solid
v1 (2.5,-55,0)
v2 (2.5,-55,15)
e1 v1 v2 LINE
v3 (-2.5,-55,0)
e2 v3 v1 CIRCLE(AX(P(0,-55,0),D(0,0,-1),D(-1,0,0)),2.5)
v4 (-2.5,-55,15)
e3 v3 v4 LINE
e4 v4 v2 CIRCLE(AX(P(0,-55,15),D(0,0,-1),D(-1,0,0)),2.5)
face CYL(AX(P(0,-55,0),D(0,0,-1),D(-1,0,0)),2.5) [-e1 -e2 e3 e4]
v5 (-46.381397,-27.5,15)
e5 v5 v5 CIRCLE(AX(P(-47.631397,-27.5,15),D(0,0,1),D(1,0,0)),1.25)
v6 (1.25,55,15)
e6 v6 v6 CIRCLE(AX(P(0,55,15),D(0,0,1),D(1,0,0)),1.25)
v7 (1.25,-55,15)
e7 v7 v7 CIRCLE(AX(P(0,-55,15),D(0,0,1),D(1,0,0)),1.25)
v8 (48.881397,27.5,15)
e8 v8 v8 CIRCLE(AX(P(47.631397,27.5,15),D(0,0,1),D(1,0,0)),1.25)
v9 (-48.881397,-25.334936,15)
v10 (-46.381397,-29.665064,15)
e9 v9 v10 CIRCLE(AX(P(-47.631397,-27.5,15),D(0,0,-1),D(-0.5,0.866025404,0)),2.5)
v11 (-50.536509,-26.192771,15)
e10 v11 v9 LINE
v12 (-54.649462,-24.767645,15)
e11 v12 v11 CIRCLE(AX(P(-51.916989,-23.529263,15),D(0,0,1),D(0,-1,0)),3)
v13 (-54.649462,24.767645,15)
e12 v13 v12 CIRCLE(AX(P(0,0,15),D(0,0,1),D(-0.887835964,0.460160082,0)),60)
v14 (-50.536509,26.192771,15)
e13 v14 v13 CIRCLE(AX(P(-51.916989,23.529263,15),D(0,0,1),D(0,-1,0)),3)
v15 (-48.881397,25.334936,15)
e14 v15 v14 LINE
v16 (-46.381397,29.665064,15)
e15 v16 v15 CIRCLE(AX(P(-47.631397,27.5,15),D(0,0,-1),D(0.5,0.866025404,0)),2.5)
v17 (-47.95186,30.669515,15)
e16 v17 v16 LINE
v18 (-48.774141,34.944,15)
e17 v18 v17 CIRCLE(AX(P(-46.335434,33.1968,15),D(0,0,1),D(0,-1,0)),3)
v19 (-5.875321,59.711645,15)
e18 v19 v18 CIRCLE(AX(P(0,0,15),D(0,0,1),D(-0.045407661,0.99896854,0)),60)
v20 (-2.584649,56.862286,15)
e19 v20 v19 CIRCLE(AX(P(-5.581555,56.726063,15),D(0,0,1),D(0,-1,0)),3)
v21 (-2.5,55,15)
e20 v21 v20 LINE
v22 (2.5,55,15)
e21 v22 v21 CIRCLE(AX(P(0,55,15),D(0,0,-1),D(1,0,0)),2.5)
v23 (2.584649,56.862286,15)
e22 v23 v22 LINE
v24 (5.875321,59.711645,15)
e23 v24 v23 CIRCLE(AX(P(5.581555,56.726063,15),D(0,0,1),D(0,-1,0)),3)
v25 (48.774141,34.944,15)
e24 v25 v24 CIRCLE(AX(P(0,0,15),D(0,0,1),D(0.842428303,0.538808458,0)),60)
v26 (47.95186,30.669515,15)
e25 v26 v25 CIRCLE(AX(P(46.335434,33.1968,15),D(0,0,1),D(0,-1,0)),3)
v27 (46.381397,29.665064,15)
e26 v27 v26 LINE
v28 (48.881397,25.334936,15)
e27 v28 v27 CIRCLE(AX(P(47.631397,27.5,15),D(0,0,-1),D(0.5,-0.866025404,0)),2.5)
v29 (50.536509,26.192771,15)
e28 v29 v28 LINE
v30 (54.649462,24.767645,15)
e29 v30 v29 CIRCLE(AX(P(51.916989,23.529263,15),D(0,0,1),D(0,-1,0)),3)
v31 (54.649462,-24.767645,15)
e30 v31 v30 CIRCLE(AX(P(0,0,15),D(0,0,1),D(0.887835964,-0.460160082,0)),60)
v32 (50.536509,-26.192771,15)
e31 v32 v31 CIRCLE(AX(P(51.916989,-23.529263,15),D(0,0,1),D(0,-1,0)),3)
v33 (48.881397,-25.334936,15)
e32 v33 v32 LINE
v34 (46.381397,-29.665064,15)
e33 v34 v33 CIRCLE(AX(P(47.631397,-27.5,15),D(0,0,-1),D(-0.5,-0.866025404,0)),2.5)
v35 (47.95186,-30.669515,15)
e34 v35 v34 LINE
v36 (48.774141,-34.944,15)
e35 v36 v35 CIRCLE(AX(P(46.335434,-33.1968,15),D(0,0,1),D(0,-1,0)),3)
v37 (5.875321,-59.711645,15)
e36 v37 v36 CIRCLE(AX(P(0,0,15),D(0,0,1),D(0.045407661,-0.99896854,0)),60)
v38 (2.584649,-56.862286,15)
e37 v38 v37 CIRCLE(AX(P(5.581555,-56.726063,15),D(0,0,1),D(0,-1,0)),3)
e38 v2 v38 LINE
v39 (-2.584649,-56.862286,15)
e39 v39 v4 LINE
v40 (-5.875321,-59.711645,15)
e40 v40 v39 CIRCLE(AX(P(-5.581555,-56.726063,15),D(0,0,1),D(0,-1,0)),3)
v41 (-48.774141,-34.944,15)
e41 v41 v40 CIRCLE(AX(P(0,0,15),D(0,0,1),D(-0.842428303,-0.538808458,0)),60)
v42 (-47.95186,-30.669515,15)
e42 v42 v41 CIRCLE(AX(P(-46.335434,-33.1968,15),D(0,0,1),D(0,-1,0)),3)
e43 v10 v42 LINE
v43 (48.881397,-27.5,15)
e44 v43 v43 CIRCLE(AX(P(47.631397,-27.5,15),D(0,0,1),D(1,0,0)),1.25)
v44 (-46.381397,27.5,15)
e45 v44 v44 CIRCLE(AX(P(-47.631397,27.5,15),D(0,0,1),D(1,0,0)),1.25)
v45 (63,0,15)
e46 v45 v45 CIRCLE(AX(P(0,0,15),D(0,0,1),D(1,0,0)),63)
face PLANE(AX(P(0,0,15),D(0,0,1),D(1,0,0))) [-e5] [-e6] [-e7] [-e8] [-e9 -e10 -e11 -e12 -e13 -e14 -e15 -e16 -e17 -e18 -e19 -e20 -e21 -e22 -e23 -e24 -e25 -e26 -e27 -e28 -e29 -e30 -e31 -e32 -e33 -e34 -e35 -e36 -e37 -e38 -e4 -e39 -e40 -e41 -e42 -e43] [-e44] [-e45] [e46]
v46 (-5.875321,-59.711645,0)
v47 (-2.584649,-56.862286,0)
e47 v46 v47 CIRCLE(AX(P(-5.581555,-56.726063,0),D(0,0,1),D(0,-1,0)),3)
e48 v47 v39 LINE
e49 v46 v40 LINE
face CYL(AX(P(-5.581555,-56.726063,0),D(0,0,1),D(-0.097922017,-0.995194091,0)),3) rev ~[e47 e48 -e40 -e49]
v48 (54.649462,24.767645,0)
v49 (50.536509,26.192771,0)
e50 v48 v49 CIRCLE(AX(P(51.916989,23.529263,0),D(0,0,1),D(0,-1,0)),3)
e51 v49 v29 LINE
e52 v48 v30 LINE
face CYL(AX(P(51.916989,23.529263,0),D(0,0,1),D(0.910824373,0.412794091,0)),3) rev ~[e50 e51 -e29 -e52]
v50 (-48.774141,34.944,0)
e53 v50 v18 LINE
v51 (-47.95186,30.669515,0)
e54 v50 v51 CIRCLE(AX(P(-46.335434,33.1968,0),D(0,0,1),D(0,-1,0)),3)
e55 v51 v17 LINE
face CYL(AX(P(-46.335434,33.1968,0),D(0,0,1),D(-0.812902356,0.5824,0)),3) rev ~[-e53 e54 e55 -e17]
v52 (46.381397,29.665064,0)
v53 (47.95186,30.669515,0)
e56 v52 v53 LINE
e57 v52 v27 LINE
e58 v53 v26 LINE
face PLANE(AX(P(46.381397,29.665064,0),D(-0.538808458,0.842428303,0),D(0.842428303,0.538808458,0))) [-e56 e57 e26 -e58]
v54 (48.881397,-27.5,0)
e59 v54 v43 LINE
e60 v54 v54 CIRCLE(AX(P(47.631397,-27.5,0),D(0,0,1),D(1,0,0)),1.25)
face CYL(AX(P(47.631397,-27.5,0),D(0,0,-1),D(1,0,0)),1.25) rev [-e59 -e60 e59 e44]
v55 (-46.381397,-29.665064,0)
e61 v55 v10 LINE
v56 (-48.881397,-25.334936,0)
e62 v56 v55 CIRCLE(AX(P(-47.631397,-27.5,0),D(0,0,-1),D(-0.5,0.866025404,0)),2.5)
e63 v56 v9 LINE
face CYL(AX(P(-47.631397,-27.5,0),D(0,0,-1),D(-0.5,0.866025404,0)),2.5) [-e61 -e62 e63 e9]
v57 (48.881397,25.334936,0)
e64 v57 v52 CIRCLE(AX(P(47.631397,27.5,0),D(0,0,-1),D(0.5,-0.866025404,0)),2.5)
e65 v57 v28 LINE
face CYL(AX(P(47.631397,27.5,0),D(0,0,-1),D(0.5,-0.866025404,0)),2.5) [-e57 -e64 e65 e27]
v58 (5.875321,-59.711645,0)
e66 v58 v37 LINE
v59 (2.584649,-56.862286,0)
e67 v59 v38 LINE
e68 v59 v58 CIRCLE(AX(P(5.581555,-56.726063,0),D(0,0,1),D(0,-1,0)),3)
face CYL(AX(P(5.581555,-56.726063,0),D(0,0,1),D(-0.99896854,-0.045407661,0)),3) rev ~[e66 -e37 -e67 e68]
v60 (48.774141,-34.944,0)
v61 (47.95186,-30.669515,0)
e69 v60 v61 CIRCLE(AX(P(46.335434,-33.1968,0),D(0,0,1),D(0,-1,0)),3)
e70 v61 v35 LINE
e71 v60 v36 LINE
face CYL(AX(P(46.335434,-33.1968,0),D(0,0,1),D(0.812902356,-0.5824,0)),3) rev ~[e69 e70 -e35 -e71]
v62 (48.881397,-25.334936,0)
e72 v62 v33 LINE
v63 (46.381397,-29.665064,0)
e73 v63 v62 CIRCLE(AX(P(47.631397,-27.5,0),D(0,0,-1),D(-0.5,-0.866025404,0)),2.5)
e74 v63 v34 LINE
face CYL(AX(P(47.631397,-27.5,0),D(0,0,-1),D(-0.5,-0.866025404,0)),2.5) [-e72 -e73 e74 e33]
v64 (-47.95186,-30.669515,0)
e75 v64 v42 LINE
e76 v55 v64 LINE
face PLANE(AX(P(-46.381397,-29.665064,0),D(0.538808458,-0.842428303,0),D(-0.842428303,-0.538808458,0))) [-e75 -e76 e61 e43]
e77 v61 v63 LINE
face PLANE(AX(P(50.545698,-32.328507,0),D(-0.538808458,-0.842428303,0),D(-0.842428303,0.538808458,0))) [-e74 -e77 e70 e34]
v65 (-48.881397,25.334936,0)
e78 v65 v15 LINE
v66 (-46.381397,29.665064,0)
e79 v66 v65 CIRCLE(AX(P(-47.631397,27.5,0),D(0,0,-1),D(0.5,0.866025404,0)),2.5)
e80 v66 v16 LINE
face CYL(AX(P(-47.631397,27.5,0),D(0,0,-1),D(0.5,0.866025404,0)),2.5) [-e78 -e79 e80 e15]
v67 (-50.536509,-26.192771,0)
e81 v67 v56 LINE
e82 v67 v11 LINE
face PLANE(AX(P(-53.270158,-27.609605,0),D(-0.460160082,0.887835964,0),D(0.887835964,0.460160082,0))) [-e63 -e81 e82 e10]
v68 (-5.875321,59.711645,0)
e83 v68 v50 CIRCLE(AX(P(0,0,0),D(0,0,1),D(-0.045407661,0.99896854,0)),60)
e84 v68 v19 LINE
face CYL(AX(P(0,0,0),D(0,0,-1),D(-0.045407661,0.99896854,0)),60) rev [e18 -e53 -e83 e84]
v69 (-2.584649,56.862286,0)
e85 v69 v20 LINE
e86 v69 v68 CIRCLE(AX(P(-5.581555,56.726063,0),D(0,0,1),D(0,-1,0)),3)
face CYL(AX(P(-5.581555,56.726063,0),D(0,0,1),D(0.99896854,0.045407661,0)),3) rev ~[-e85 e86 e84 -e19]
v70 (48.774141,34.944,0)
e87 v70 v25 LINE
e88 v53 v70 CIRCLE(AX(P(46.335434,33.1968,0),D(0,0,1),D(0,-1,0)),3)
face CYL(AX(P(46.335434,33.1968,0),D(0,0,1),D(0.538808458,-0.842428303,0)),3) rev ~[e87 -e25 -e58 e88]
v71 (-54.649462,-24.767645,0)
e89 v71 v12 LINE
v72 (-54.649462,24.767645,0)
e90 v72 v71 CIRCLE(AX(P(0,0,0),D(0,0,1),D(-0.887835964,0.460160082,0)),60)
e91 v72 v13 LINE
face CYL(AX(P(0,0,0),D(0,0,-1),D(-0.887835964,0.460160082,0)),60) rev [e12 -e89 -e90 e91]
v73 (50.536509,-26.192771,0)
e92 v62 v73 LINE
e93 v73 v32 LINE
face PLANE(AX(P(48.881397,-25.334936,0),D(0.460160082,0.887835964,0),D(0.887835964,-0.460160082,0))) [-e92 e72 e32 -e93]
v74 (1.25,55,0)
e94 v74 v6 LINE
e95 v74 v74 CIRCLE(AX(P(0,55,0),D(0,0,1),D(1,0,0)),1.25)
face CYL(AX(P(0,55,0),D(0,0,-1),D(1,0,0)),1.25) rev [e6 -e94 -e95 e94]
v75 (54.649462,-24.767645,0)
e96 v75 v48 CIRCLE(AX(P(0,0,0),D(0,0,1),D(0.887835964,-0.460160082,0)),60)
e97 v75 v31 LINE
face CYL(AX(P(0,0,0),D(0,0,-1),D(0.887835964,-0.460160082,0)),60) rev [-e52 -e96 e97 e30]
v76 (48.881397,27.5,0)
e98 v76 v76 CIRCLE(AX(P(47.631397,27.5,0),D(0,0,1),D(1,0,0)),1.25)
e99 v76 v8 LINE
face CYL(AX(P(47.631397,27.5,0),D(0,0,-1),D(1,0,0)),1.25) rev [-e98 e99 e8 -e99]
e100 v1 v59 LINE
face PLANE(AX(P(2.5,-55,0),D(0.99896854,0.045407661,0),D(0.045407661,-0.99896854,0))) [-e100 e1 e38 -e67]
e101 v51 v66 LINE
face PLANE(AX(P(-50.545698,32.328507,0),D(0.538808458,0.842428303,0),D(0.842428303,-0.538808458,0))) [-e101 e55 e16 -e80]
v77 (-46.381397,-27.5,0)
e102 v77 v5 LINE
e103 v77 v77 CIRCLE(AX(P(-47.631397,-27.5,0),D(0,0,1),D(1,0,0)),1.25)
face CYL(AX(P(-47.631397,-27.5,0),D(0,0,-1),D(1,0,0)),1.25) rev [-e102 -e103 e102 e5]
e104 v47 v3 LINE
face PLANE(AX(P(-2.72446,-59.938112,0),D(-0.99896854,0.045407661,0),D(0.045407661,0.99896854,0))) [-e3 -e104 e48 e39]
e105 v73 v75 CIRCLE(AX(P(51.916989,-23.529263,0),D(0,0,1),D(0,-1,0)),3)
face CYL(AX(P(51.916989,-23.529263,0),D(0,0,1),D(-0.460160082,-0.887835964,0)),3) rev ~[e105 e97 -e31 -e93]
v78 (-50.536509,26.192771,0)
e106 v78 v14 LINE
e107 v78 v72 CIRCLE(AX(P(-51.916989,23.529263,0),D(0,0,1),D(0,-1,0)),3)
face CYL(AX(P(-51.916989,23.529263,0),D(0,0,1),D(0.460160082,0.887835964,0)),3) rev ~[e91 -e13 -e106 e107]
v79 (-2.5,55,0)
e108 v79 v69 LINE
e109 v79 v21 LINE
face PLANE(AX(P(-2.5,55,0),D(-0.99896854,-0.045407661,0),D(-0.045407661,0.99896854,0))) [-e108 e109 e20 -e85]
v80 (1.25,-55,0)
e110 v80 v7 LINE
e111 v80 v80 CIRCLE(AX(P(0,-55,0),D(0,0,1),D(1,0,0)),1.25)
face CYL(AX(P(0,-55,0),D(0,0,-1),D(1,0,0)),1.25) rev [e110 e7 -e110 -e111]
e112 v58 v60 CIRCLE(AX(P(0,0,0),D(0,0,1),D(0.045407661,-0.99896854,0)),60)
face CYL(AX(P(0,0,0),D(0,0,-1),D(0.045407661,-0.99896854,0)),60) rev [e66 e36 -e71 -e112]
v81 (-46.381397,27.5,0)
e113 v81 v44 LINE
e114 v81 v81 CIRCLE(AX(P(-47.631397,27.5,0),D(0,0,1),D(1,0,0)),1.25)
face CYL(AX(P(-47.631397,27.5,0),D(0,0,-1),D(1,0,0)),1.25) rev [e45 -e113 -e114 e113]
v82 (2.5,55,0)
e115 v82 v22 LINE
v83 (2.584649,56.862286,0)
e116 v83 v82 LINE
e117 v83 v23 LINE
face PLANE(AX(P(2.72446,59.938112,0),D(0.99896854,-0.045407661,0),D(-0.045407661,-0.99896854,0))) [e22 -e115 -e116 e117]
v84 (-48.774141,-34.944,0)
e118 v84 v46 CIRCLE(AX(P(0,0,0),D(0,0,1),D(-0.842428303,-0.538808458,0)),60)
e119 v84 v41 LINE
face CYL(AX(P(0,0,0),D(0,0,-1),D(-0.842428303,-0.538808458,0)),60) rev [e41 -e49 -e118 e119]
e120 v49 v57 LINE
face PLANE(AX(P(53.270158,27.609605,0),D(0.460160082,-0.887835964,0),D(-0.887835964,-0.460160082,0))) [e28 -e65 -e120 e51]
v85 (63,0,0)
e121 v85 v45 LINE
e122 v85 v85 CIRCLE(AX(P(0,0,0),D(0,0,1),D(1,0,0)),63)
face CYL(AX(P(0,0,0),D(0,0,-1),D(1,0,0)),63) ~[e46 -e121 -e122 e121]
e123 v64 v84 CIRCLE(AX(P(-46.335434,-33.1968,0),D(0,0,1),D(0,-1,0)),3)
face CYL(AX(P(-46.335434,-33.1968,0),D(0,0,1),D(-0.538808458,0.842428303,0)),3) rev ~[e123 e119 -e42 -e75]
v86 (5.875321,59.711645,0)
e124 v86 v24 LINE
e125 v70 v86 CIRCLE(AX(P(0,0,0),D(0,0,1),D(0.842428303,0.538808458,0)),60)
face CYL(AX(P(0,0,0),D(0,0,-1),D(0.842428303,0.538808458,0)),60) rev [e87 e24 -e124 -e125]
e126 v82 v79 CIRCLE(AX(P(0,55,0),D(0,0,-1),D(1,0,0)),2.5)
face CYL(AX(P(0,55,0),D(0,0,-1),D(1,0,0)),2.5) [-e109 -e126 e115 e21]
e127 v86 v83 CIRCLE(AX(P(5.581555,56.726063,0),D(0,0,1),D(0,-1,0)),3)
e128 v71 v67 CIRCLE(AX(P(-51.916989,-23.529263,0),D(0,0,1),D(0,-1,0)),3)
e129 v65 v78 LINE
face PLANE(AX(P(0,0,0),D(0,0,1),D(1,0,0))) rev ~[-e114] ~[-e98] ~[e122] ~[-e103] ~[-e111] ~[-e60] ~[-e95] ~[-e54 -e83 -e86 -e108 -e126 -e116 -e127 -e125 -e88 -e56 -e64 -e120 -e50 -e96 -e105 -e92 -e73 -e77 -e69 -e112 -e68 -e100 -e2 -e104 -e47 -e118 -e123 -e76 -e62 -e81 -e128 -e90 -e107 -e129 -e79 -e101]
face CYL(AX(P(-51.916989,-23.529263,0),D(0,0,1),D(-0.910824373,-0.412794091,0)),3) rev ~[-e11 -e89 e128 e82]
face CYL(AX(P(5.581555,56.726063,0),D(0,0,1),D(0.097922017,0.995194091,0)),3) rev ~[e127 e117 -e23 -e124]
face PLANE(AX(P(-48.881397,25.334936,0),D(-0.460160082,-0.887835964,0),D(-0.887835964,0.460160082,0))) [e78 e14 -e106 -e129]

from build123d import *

# Parameters (mm, degrees)
SKETCH_1_R      = 63
SKETCH_1_R_2    = 1.25
EXTRUDE_1_DEPTH = 15
FILLET_1_R      = 3


with BuildPart() as part:
    # 草图1 → 凸台-拉伸1 (new body)
    with BuildSketch(Plane.XY):
        Circle(SKETCH_1_R)
        with Locations((0, 55)):
            Circle(SKETCH_1_R_2, mode=Mode.SUBTRACT)
        with Locations((47.631397208, 27.5)):
            Circle(SKETCH_1_R_2, mode=Mode.SUBTRACT)
        with Locations((47.631397208, -27.5)):
            Circle(SKETCH_1_R_2, mode=Mode.SUBTRACT)
        with Locations((0, -55)):
            Circle(SKETCH_1_R_2, mode=Mode.SUBTRACT)
        with Locations((-47.631397208, -27.5)):
            Circle(SKETCH_1_R_2, mode=Mode.SUBTRACT)
        with Locations((-47.631397208, 27.5)):
            Circle(SKETCH_1_R_2, mode=Mode.SUBTRACT)
        with BuildLine():
            Line((-2.5, 55), (-2.724459655, 59.938112413))
            ThreePointArc((-2.724459655, 59.938112413), (-30, 51.961524227), (-50.545698177, 32.328507479))
            Line((-50.545698177, 32.328507479), (-46.381397208, 29.665063509))
            ThreePointArc((-46.381397208, 29.665063509), (-45.466333699, 26.25), (-48.881397208, 25.334936491))
            Line((-48.881397208, 25.334936491), (-53.270157832, 27.609604933))
            ThreePointArc((-53.270157832, 27.609604933), (-60, 0), (-53.270157832, -27.609604933))
            Line((-53.270157832, -27.609604933), (-48.881397208, -25.334936491))
            ThreePointArc((-48.881397208, -25.334936491), (-45.466333699, -26.25), (-46.381397208, -29.665063509))
            Line((-46.381397208, -29.665063509), (-50.545698177, -32.328507479))
            ThreePointArc((-50.545698177, -32.328507479), (-30, -51.961524227), (-2.724459655, -59.938112413))
            Line((-2.724459655, -59.938112413), (-2.5, -55))
            ThreePointArc((-2.5, -55), (0, -52.5), (2.5, -55))
            Line((2.5, -55), (2.724459655, -59.938112413))
            ThreePointArc((2.724459655, -59.938112413), (30, -51.961524227), (50.545698177, -32.328507479))
            Line((50.545698177, -32.328507479), (46.381397208, -29.665063509))
            ThreePointArc((46.381397208, -29.665063509), (45.466333699, -26.25), (48.881397208, -25.334936491))
            Line((48.881397208, -25.334936491), (53.270157832, -27.609604933))
            ThreePointArc((53.270157832, -27.609604933), (60, 0), (53.270157832, 27.609604933))
            Line((53.270157832, 27.609604933), (48.881397208, 25.334936491))
            ThreePointArc((48.881397208, 25.334936491), (45.466333699, 26.25), (46.381397208, 29.665063509))
            Line((46.381397208, 29.665063509), (50.545698177, 32.328507479))
            ThreePointArc((50.545698177, 32.328507479), (30, 51.961524227), (2.724459655, 59.938112413))
            Line((2.724459655, 59.938112413), (2.5, 55))
            ThreePointArc((2.5, 55), (0, 52.5), (-2.5, 55))
        make_face(mode=Mode.SUBTRACT)
    extrude(amount=EXTRUDE_1_DEPTH)

    # 圆角1
    fillet_1_edges = [part.edges().sort_by_distance(p)[0] for p in [
        (-2.724459655, 59.938112413, 7.5),
        (-50.545698177, 32.328507479, 7.5),
        (-53.270157832, 27.609604933, 7.5),
        (-53.270157832, -27.609604933, 7.5),
        (-50.545698177, -32.328507479, 7.5),
        (-2.724459655, -59.938112413, 7.5),
        (2.724459655, -59.938112413, 7.5),
        (50.545698177, -32.328507479, 7.5),
        (53.270157832, -27.609604933, 7.5),
        (53.270157832, 27.609604933, 7.5),
        (50.545698177, 32.328507479, 7.5),
        (2.724459655, 59.938112413, 7.5),
    ]]
    fillet(fillet_1_edges, radius=FILLET_1_R)


solid = part.part
